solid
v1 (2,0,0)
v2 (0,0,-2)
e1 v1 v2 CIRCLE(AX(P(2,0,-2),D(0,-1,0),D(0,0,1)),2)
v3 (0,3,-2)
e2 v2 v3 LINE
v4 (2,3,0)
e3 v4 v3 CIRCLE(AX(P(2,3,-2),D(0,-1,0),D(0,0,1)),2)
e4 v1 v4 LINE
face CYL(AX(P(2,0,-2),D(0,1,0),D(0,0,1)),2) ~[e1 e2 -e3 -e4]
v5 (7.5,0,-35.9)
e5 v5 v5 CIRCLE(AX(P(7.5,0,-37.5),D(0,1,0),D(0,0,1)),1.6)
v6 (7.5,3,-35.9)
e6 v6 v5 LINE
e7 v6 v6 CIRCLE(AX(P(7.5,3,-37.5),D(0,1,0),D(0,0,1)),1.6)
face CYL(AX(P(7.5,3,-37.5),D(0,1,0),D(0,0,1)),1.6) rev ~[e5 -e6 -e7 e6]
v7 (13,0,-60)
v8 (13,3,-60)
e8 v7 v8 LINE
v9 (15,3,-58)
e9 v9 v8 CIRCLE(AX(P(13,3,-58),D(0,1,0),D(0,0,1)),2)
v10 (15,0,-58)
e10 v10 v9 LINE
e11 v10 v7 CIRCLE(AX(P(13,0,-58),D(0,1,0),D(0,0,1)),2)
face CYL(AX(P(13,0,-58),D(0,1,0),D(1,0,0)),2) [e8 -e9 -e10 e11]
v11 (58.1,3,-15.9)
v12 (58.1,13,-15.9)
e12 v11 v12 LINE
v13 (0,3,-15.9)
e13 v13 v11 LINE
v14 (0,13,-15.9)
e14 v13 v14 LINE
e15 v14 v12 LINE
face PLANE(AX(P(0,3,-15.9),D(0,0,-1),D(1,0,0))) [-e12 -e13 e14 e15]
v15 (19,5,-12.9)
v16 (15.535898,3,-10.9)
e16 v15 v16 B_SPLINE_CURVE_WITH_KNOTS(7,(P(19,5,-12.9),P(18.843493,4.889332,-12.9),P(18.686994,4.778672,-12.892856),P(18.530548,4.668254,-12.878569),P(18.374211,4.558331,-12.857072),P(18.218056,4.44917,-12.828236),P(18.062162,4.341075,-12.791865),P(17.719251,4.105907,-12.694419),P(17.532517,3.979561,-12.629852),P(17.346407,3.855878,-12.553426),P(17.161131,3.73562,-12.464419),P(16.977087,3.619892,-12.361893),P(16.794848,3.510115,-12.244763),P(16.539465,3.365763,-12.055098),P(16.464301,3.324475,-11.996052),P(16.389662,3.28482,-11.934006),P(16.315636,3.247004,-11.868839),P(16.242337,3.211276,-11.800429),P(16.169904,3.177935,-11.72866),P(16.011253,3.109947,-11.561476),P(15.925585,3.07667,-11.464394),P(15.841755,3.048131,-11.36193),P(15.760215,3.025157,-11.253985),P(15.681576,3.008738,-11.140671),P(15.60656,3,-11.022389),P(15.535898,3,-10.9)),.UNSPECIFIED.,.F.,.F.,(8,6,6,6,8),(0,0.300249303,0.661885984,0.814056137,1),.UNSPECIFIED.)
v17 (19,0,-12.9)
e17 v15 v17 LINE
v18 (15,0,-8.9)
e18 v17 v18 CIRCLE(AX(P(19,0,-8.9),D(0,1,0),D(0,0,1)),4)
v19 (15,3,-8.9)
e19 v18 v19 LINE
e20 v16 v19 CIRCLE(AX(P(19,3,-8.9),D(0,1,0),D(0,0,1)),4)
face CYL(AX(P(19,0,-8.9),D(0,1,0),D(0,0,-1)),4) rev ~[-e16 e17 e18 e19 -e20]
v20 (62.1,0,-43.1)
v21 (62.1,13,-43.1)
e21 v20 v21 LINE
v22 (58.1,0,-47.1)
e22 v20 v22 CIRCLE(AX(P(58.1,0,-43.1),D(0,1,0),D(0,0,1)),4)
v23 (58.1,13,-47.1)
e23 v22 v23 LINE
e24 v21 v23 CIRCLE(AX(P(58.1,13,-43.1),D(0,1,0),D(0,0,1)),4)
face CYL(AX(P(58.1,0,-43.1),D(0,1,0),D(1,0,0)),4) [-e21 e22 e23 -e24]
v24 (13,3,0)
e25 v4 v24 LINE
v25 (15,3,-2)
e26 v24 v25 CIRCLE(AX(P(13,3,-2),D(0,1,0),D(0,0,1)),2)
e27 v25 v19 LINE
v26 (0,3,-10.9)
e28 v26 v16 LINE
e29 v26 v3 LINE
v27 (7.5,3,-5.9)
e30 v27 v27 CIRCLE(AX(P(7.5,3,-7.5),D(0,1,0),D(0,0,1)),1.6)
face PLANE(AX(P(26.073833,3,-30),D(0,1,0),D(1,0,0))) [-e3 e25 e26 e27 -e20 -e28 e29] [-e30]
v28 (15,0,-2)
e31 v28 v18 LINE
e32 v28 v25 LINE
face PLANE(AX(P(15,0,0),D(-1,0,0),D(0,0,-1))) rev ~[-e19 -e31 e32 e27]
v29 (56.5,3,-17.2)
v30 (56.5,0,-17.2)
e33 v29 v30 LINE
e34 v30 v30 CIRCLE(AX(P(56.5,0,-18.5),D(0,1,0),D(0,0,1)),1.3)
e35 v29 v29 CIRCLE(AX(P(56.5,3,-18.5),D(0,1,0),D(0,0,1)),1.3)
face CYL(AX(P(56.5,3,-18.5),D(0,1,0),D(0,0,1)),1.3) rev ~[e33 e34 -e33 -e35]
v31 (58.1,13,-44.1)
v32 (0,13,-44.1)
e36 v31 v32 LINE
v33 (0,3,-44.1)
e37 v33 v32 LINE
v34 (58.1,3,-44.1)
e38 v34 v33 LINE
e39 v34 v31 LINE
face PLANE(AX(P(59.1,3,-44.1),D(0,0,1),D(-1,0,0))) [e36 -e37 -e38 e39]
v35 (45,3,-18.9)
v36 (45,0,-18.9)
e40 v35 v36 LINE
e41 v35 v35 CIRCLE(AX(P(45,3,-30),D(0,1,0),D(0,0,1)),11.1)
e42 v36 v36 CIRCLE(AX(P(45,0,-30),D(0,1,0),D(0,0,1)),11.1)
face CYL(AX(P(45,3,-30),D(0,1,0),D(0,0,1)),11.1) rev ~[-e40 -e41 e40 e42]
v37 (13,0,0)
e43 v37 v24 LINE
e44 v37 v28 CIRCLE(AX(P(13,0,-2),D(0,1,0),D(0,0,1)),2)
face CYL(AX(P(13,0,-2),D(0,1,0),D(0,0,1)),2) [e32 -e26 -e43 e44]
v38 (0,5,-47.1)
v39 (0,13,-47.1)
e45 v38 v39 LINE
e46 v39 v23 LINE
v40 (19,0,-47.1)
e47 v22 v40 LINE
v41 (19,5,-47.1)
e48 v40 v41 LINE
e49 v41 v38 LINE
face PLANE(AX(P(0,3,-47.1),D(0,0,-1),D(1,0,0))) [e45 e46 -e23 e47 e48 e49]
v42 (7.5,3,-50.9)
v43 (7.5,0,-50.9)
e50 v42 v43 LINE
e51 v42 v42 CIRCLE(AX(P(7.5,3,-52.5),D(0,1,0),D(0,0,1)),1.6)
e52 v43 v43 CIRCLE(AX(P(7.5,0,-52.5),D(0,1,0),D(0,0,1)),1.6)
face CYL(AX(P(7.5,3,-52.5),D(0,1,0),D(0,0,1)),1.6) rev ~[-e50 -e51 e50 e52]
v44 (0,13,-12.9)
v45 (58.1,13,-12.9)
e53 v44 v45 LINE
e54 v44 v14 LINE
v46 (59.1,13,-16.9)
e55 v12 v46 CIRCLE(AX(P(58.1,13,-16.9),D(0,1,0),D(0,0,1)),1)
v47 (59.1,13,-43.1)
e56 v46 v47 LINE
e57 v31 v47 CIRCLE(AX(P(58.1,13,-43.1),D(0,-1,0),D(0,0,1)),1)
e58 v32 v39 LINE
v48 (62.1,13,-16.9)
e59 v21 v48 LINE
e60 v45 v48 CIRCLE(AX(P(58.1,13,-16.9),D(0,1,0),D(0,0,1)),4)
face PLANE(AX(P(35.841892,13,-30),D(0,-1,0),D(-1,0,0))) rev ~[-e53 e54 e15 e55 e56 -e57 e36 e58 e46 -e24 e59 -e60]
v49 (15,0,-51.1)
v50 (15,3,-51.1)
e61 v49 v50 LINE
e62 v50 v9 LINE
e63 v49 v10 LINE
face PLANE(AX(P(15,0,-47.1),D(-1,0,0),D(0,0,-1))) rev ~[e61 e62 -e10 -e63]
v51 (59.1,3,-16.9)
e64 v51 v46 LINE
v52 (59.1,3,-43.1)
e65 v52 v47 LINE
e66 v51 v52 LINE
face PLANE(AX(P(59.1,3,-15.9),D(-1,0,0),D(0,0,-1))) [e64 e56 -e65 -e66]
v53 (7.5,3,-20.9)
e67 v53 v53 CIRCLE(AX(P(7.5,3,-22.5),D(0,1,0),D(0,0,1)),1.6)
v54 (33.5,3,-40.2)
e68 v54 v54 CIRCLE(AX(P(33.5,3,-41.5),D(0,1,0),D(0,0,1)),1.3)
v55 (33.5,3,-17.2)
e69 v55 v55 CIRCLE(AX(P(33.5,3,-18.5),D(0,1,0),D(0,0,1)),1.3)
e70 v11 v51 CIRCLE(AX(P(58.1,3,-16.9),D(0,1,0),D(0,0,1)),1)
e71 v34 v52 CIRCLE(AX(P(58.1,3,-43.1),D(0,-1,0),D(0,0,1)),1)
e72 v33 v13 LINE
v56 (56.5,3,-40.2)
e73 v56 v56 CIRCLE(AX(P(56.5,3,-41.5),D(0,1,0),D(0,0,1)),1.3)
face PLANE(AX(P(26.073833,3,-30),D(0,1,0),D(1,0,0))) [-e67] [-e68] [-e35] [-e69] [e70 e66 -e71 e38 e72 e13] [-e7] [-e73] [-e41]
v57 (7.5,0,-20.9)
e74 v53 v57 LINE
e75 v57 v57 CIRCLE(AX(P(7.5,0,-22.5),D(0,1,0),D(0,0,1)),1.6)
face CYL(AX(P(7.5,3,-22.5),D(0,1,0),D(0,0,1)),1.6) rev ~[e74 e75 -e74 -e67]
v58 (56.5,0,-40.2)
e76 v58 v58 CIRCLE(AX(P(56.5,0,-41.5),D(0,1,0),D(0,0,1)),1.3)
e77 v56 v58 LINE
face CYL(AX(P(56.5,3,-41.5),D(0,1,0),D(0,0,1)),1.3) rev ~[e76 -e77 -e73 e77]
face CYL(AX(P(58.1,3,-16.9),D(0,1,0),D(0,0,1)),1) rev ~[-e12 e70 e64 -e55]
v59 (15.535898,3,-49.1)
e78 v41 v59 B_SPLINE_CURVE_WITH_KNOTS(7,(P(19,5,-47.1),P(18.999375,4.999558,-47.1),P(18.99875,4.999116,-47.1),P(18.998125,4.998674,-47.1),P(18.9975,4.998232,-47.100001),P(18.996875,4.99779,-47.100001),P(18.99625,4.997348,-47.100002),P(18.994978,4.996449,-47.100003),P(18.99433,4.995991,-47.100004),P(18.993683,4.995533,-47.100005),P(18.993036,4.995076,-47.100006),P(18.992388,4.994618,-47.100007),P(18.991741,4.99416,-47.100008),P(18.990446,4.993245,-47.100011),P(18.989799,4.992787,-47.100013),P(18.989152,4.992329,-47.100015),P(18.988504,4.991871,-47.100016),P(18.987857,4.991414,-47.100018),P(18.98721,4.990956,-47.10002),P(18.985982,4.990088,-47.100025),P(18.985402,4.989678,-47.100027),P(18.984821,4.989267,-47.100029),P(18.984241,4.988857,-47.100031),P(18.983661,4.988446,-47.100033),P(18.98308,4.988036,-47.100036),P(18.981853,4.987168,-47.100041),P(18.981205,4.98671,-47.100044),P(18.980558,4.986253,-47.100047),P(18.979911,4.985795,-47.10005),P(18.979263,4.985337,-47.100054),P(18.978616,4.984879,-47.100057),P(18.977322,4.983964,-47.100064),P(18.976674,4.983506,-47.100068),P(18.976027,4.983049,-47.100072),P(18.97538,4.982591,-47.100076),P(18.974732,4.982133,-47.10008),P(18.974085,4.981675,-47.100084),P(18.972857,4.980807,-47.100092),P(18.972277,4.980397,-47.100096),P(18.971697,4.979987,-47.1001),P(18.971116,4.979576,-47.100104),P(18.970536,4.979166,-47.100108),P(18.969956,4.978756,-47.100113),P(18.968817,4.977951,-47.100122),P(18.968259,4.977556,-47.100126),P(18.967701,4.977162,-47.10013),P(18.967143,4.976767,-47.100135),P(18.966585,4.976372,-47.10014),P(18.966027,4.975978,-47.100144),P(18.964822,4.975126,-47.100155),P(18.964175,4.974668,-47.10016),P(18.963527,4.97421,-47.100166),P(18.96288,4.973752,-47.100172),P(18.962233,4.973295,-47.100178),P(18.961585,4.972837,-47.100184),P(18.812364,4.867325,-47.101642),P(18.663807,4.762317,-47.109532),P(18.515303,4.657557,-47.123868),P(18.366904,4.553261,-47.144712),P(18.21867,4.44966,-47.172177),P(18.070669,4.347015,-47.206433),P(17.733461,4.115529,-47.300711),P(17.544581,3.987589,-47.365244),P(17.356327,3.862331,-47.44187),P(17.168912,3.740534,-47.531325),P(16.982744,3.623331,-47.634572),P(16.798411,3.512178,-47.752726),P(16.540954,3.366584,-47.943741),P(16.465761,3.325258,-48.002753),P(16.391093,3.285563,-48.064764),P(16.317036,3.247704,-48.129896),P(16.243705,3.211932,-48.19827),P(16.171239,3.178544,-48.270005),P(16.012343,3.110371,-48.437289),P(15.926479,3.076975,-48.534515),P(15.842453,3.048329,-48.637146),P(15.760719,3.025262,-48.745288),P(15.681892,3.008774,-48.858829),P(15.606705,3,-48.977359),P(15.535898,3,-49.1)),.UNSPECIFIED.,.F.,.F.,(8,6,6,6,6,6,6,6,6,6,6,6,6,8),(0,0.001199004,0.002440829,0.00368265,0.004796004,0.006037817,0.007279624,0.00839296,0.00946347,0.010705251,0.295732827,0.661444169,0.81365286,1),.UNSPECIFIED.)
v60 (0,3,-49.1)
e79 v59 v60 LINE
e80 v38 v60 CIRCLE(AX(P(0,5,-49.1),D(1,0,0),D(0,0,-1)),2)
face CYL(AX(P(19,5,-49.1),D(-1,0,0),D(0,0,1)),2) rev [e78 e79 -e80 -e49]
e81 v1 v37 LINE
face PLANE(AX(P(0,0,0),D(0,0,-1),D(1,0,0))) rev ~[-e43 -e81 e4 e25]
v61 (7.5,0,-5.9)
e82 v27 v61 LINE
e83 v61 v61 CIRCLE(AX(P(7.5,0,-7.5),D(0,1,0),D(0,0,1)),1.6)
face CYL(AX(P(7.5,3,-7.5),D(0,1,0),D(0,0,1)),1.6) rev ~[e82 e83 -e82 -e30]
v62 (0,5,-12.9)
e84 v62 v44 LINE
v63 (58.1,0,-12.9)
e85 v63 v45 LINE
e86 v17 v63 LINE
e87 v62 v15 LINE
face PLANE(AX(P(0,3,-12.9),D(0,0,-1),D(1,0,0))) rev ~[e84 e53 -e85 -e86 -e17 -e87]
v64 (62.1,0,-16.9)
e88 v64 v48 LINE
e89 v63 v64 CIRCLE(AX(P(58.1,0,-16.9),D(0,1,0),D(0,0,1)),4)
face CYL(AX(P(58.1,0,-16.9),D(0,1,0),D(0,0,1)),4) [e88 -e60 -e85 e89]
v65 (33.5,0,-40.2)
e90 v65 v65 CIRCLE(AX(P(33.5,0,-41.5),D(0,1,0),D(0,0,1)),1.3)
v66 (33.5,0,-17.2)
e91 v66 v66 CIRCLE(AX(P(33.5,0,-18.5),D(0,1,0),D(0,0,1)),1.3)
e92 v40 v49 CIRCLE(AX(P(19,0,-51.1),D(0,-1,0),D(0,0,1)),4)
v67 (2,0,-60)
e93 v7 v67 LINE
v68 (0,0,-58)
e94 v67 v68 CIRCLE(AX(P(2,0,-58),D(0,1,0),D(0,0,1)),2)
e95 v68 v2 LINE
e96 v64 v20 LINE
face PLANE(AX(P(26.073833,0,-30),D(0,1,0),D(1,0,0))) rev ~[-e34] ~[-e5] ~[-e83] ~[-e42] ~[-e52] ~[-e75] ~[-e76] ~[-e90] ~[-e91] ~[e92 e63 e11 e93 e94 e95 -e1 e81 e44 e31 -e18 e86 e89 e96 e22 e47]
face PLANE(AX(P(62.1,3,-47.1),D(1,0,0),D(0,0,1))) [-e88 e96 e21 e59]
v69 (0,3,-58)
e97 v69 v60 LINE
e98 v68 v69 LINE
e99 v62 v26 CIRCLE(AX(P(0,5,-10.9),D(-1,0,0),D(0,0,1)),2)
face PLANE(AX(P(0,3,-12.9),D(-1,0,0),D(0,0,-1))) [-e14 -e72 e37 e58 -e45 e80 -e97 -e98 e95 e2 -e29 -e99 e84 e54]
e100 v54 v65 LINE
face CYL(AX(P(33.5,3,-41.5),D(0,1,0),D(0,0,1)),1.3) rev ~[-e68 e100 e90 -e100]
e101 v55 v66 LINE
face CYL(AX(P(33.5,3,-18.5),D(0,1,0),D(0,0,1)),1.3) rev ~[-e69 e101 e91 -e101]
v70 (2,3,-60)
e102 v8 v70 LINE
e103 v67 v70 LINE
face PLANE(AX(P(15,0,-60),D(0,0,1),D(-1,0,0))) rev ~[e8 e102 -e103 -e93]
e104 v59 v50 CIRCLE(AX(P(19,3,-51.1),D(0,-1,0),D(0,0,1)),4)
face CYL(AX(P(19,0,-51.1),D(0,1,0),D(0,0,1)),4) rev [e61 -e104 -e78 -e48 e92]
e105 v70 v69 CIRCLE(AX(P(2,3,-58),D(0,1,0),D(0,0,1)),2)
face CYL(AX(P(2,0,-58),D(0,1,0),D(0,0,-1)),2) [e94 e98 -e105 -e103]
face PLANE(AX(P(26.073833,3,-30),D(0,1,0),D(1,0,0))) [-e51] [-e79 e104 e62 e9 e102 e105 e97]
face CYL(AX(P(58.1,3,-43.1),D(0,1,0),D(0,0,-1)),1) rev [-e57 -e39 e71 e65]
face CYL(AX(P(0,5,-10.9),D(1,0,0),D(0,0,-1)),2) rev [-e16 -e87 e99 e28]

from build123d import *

# Parameters (mm, degrees)
BOSS_EXTRUDE1_DEPTH = 3
SKETCH2_R           = 1.6
CUT_EXTRUDE1_DEPTH  = 87.402604127
BOSS_EXTRUDE2_DEPTH = 10
CUT_EXTRUDE2_REACH  = 88.928
SKETCH5_R           = 11.1
CUT_EXTRUDE3_REACH  = 88.928
SKETCH6_R           = 1.3
FILLET1_R           = 1
FILLET2_R           = 4
FILLET3_R           = 4
FILLET4_R           = 2
FILLET5_R           = 2


with BuildPart() as part:
    # Sketch1 → Boss-Extrude1 (new body)
    with BuildSketch(Plane(origin=(0, 0, 0), x_dir=(1, 0, 0), z_dir=(0, 1, 0))):
        Polygon((0, 0), (15, 0), (15, 12.9), (62.1, 12.9), (62.1, 47.1), (15, 47.1), (15, 60), (0, 60), align=None)
    extrude(amount=BOSS_EXTRUDE1_DEPTH)

    # Sketch2 → Cut-Extrude1 (cut, through all)
    with BuildSketch(Plane(origin=(0, 3, 0), x_dir=(1, 0, 0), z_dir=(0, 1, 0))):
        with Locations(Location((7.5, 52.5, 0), (0, 0, 270))):
            Circle(SKETCH2_R)
        with Locations(Location((7.5, 37.5, 0), (0, 0, 270))):
            Circle(SKETCH2_R)
        with Locations(Location((7.5, 7.5, 0), (0, 0, 270))):
            Circle(SKETCH2_R)
        with Locations(Location((7.5, 22.5, 0), (0, 0, 270))):
            Circle(SKETCH2_R)
    extrude(amount=-CUT_EXTRUDE1_DEPTH, mode=Mode.SUBTRACT)

    # Sketch3 → Boss-Extrude2 (add)
    with BuildSketch(Plane(origin=(0, 3, 0), x_dir=(1, 0, 0), z_dir=(0, 1, 0))):
        Polygon((62.1, 12.9), (15, 12.9), (0, 12.9), (0, 15.9), (59.1, 15.9), (59.1, 44.1), (0, 44.1), (0, 47.1), (62.1, 47.1), align=None)
    extrude(amount=BOSS_EXTRUDE2_DEPTH)

    # Sketch5 → Cut-Extrude2 (cut, up to next)
    with BuildSketch(Plane(origin=(0, 3, 0), x_dir=(1, 0, 0), z_dir=(0, 1, 0)), mode=Mode.PRIVATE) as cut_extrude2_sk1:
        with Locations(Location((45, 30, 0), (0, 0, 270))):
            Circle(SKETCH5_R)
    cut_extrude2_tool1 = extrude(cut_extrude2_sk1.sketch, amount=-CUT_EXTRUDE2_REACH, mode=Mode.PRIVATE) & part.part
    add(cut_extrude2_tool1.solids().sort_by_distance((45, 3, -30))[0], mode=Mode.SUBTRACT)

    # Sketch6 → Cut-Extrude3 (cut, up to next)
    with BuildSketch(Plane(origin=(0, 3, 0), x_dir=(1, 0, 0), z_dir=(0, 1, 0)), mode=Mode.PRIVATE) as cut_extrude3_sk1:
        with Locations(Location((56.5, 41.5, 0), (0, 0, 270))):
            Circle(SKETCH6_R)
    cut_extrude3_tool1 = extrude(cut_extrude3_sk1.sketch, amount=-CUT_EXTRUDE3_REACH, mode=Mode.PRIVATE) & part.part
    # Sketch6 → Cut-Extrude3 (cut, up to next)
    with BuildSketch(Plane(origin=(0, 3, 0), x_dir=(1, 0, 0), z_dir=(0, 1, 0)), mode=Mode.PRIVATE) as cut_extrude3_sk2:
        with Locations(Location((33.5, 41.5, 0), (0, 0, 270))):
            Circle(SKETCH6_R)
    cut_extrude3_tool2 = extrude(cut_extrude3_sk2.sketch, amount=-CUT_EXTRUDE3_REACH, mode=Mode.PRIVATE) & part.part
    # Sketch6 → Cut-Extrude3 (cut, up to next)
    with BuildSketch(Plane(origin=(0, 3, 0), x_dir=(1, 0, 0), z_dir=(0, 1, 0)), mode=Mode.PRIVATE) as cut_extrude3_sk3:
        with Locations(Location((33.5, 18.5, 0), (0, 0, 270))):
            Circle(SKETCH6_R)
    cut_extrude3_tool3 = extrude(cut_extrude3_sk3.sketch, amount=-CUT_EXTRUDE3_REACH, mode=Mode.PRIVATE) & part.part
    # Sketch6 → Cut-Extrude3 (cut, up to next)
    with BuildSketch(Plane(origin=(0, 3, 0), x_dir=(1, 0, 0), z_dir=(0, 1, 0)), mode=Mode.PRIVATE) as cut_extrude3_sk4:
        with Locations(Location((56.5, 18.5, 0), (0, 0, 270))):
            Circle(SKETCH6_R)
    cut_extrude3_tool4 = extrude(cut_extrude3_sk4.sketch, amount=-CUT_EXTRUDE3_REACH, mode=Mode.PRIVATE) & part.part
    add(cut_extrude3_tool1.solids().sort_by_distance((56.5, 3, -41.5))[0], mode=Mode.SUBTRACT)
    add(cut_extrude3_tool2.solids().sort_by_distance((33.5, 3, -41.5))[0], mode=Mode.SUBTRACT)
    add(cut_extrude3_tool3.solids().sort_by_distance((33.5, 3, -18.5))[0], mode=Mode.SUBTRACT)
    add(cut_extrude3_tool4.solids().sort_by_distance((56.5, 3, -18.5))[0], mode=Mode.SUBTRACT)

    # Fillet1
    fillet1_edges = [part.edges().sort_by_distance(p)[0] for p in [
        (59.1, 8, -44.1),
        (59.1, 8, -15.9),
    ]]
    fillet(fillet1_edges, radius=FILLET1_R)

    # Fillet2
    fillet2_edges = [part.edges().sort_by_distance(p)[0] for p in [
        (62.1, 6.5, -47.1),
        (62.1, 6.5, -12.9),
    ]]
    fillet(fillet2_edges, radius=FILLET2_R)

    # Fillet3
    fillet3_edges = [part.edges().sort_by_distance(p)[0] for p in [
        (15, 1.5, -47.1),
        (15, 1.5, -12.9),
    ]]
    fillet(fillet3_edges, radius=FILLET3_R)

    # Fillet4
    fillet4_edges = [part.edges().sort_by_distance(p)[0] for p in [
        (9.5, 3, -47.1),
        (9.5, 3, -12.9),
    ]]
    fillet(fillet4_edges, radius=FILLET4_R)

    # Fillet5
    fillet5_edges = [part.edges().sort_by_distance(p)[0] for p in [
        (0, 1.5, -60),
        (15, 1.5, -60),
        (15, 1.5, 0),
        (0, 1.5, 0),
    ]]
    fillet(fillet5_edges, radius=FILLET5_R)


solid = part.part
